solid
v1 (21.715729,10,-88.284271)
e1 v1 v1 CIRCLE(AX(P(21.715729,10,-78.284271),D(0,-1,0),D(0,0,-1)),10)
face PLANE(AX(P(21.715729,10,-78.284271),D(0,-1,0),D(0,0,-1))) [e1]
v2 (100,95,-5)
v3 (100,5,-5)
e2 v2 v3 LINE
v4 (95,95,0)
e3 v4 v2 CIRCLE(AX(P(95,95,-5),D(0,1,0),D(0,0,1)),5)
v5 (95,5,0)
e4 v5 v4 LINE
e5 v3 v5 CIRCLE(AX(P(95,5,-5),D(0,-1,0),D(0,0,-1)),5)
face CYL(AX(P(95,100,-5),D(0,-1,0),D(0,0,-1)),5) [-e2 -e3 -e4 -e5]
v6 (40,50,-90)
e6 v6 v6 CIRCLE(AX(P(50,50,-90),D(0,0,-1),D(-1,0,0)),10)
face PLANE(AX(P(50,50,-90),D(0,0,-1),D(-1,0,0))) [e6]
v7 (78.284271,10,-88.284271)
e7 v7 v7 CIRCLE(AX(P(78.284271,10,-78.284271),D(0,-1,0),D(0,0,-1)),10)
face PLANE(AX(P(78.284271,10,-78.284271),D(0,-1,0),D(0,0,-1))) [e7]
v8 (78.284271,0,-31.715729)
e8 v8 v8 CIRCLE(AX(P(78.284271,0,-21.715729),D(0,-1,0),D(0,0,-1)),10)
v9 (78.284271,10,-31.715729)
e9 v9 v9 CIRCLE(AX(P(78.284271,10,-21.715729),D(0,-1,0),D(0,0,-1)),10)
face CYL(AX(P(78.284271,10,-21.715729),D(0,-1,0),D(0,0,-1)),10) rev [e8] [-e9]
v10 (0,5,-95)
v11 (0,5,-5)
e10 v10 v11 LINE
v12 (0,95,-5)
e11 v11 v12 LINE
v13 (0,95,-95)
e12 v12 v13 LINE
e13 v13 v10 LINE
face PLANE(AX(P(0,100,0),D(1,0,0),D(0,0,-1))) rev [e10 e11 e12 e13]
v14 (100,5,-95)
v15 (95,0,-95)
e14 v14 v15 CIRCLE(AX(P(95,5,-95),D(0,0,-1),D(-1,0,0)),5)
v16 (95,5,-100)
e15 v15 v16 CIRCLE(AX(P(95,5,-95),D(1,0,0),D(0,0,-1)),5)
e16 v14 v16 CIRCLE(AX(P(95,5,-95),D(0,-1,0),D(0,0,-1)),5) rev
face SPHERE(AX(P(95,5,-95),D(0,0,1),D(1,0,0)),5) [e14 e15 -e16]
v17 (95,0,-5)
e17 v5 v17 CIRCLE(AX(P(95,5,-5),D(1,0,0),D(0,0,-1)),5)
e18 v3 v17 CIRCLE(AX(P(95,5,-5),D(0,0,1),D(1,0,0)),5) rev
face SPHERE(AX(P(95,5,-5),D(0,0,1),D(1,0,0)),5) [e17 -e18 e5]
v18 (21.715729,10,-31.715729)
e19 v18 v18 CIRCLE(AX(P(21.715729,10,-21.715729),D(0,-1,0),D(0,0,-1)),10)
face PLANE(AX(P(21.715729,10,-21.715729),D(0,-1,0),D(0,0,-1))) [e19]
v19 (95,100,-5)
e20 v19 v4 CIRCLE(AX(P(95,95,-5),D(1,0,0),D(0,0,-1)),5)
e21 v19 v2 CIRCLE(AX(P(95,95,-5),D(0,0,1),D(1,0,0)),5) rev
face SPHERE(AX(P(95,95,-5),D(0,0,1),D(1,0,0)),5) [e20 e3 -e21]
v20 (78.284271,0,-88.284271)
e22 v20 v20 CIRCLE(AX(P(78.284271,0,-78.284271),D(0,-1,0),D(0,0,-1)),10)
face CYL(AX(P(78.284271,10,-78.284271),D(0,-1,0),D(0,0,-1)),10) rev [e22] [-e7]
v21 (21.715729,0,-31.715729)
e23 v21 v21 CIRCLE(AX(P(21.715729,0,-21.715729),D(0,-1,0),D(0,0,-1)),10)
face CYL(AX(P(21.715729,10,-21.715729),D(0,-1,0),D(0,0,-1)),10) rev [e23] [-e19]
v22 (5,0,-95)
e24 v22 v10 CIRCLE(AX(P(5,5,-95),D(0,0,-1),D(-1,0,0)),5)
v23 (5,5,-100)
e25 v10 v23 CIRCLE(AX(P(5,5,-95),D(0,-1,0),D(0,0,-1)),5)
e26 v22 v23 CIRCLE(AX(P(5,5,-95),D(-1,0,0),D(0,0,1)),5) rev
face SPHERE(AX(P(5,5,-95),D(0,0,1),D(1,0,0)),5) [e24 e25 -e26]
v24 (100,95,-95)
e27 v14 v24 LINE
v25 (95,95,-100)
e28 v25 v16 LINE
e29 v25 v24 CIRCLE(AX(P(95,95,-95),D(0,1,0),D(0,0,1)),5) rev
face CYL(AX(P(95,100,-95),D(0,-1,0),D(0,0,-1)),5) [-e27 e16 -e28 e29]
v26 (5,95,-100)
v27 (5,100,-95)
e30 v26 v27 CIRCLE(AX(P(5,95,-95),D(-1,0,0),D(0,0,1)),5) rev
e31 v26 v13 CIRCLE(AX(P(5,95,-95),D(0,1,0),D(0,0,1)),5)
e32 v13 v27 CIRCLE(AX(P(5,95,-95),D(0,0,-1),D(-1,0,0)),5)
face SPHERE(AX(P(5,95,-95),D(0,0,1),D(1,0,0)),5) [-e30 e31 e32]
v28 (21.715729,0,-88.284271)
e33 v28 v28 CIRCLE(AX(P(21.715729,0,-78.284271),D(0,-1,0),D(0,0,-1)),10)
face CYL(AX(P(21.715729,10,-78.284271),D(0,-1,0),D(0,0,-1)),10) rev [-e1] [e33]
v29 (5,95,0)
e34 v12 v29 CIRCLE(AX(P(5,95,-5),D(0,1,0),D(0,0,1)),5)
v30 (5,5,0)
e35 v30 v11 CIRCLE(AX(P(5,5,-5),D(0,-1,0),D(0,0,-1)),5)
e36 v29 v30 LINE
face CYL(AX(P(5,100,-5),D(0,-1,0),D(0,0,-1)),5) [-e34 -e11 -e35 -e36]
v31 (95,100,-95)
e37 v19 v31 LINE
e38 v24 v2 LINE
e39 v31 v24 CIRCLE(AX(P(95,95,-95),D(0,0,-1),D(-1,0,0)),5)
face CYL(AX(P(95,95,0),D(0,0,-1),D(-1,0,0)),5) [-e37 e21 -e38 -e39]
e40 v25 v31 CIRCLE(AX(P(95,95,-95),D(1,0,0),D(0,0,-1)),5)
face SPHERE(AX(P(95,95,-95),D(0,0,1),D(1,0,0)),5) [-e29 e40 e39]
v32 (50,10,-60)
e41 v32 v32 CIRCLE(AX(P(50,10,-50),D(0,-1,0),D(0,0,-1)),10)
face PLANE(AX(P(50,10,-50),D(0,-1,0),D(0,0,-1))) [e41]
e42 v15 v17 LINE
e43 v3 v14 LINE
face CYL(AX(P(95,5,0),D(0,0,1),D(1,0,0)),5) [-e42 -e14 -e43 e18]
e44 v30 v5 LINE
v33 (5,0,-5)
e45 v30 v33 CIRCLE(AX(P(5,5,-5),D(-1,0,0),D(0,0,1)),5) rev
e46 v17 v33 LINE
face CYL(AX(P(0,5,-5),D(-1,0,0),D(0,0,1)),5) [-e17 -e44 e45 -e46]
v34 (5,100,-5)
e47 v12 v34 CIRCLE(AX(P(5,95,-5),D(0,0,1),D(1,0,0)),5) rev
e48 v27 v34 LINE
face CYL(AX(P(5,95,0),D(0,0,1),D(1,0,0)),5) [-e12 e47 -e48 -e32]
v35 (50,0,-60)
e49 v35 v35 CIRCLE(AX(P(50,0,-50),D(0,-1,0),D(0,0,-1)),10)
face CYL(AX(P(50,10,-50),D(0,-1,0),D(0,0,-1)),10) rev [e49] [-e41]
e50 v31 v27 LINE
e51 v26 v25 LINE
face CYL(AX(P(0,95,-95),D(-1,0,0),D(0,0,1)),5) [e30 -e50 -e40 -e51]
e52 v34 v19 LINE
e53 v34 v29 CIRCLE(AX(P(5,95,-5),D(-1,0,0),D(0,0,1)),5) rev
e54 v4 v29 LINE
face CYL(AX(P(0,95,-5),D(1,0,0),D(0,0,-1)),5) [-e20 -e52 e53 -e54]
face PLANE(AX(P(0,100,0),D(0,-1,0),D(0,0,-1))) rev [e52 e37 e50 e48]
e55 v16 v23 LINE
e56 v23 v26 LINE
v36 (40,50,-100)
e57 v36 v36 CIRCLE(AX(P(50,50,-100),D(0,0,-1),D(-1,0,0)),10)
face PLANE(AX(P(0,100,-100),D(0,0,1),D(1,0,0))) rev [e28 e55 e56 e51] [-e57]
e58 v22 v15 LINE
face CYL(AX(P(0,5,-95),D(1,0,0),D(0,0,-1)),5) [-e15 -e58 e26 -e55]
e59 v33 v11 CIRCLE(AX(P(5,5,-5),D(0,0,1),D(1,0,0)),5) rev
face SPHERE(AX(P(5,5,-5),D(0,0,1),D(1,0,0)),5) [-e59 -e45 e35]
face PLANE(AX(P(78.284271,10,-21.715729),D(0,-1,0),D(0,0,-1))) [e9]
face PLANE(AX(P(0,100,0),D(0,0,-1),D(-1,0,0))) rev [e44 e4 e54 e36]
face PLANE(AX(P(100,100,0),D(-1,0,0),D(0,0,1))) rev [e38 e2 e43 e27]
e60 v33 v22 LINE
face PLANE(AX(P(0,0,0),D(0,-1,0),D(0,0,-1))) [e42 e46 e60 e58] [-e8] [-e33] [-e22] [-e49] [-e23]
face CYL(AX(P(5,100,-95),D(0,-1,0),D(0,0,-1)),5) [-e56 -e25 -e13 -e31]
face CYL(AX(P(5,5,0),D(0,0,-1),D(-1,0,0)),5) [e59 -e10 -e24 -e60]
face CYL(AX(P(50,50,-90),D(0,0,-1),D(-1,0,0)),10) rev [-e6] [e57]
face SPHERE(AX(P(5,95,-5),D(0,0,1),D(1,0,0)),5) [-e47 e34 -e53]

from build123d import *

# Parameters (mm, degrees)
SKETCH1_W           = 100
SKETCH1_H           = 100
BOSS_EXTRUDE1_DEPTH = 100
SKETCH3_R           = 10
CUT_EXTRUDE1_DEPTH  = 10
SKETCH4_R           = 10
CUT_EXTRUDE2_DEPTH  = 10
FILLET5_R           = 5


with BuildPart() as part:
    # Sketch1 → Boss-Extrude1 (new body)
    with BuildSketch(Plane(origin=(0, 0, 0), x_dir=(1, 0, 0), z_dir=(0, 1, 0))):
        with Locations((50, 50)):
            Rectangle(SKETCH1_W, SKETCH1_H)
    extrude(amount=BOSS_EXTRUDE1_DEPTH)

    # Sketch3 → Cut-Extrude1 (cut)
    with BuildSketch(Plane(origin=(0, 0, -100), x_dir=(-1, 0, 0), z_dir=(0, 0, -1))):
        with Locations((-50, 50)):
            Circle(SKETCH3_R)
    extrude(amount=-CUT_EXTRUDE1_DEPTH, mode=Mode.SUBTRACT)

    # Sketch4 → Cut-Extrude2 (cut)
    with BuildSketch(Plane.XZ):
        with Locations(Location((21.715728753, -78.284271247, 0), (0, 0, 270))):
            Circle(SKETCH4_R)
        with Locations(Location((21.715728753, -21.715728753, 0), (0, 0, 270))):
            Circle(SKETCH4_R)
        with Locations(Location((78.284271247, -78.284271247, 0), (0, 0, 270))):
            Circle(SKETCH4_R)
        with Locations(Location((78.284271247, -21.715728753, 0), (0, 0, 270))):
            Circle(SKETCH4_R)
        with Locations(Location((50, -50, 0), (0, 0, 270))):
            Circle(SKETCH4_R)
    extrude(amount=-CUT_EXTRUDE2_DEPTH, mode=Mode.SUBTRACT)

    # Fillet5
    fillet5_edges = [part.edges().sort_by_distance(p)[0] for p in [
        (100, 100, -50),
        (50, 100, -100),
        (0, 100, -50),
        (50, 0, -100),
        (100, 0, -50),
        (50, 0, 0),
        (0, 0, -50),
        (0, 50, -100),
        (100, 50, -100),
        (100, 50, 0),
        (0, 50, 0),
        (50, 100, 0),
    ]]
    fillet(fillet5_edges, radius=FILLET5_R)


solid = part.part
